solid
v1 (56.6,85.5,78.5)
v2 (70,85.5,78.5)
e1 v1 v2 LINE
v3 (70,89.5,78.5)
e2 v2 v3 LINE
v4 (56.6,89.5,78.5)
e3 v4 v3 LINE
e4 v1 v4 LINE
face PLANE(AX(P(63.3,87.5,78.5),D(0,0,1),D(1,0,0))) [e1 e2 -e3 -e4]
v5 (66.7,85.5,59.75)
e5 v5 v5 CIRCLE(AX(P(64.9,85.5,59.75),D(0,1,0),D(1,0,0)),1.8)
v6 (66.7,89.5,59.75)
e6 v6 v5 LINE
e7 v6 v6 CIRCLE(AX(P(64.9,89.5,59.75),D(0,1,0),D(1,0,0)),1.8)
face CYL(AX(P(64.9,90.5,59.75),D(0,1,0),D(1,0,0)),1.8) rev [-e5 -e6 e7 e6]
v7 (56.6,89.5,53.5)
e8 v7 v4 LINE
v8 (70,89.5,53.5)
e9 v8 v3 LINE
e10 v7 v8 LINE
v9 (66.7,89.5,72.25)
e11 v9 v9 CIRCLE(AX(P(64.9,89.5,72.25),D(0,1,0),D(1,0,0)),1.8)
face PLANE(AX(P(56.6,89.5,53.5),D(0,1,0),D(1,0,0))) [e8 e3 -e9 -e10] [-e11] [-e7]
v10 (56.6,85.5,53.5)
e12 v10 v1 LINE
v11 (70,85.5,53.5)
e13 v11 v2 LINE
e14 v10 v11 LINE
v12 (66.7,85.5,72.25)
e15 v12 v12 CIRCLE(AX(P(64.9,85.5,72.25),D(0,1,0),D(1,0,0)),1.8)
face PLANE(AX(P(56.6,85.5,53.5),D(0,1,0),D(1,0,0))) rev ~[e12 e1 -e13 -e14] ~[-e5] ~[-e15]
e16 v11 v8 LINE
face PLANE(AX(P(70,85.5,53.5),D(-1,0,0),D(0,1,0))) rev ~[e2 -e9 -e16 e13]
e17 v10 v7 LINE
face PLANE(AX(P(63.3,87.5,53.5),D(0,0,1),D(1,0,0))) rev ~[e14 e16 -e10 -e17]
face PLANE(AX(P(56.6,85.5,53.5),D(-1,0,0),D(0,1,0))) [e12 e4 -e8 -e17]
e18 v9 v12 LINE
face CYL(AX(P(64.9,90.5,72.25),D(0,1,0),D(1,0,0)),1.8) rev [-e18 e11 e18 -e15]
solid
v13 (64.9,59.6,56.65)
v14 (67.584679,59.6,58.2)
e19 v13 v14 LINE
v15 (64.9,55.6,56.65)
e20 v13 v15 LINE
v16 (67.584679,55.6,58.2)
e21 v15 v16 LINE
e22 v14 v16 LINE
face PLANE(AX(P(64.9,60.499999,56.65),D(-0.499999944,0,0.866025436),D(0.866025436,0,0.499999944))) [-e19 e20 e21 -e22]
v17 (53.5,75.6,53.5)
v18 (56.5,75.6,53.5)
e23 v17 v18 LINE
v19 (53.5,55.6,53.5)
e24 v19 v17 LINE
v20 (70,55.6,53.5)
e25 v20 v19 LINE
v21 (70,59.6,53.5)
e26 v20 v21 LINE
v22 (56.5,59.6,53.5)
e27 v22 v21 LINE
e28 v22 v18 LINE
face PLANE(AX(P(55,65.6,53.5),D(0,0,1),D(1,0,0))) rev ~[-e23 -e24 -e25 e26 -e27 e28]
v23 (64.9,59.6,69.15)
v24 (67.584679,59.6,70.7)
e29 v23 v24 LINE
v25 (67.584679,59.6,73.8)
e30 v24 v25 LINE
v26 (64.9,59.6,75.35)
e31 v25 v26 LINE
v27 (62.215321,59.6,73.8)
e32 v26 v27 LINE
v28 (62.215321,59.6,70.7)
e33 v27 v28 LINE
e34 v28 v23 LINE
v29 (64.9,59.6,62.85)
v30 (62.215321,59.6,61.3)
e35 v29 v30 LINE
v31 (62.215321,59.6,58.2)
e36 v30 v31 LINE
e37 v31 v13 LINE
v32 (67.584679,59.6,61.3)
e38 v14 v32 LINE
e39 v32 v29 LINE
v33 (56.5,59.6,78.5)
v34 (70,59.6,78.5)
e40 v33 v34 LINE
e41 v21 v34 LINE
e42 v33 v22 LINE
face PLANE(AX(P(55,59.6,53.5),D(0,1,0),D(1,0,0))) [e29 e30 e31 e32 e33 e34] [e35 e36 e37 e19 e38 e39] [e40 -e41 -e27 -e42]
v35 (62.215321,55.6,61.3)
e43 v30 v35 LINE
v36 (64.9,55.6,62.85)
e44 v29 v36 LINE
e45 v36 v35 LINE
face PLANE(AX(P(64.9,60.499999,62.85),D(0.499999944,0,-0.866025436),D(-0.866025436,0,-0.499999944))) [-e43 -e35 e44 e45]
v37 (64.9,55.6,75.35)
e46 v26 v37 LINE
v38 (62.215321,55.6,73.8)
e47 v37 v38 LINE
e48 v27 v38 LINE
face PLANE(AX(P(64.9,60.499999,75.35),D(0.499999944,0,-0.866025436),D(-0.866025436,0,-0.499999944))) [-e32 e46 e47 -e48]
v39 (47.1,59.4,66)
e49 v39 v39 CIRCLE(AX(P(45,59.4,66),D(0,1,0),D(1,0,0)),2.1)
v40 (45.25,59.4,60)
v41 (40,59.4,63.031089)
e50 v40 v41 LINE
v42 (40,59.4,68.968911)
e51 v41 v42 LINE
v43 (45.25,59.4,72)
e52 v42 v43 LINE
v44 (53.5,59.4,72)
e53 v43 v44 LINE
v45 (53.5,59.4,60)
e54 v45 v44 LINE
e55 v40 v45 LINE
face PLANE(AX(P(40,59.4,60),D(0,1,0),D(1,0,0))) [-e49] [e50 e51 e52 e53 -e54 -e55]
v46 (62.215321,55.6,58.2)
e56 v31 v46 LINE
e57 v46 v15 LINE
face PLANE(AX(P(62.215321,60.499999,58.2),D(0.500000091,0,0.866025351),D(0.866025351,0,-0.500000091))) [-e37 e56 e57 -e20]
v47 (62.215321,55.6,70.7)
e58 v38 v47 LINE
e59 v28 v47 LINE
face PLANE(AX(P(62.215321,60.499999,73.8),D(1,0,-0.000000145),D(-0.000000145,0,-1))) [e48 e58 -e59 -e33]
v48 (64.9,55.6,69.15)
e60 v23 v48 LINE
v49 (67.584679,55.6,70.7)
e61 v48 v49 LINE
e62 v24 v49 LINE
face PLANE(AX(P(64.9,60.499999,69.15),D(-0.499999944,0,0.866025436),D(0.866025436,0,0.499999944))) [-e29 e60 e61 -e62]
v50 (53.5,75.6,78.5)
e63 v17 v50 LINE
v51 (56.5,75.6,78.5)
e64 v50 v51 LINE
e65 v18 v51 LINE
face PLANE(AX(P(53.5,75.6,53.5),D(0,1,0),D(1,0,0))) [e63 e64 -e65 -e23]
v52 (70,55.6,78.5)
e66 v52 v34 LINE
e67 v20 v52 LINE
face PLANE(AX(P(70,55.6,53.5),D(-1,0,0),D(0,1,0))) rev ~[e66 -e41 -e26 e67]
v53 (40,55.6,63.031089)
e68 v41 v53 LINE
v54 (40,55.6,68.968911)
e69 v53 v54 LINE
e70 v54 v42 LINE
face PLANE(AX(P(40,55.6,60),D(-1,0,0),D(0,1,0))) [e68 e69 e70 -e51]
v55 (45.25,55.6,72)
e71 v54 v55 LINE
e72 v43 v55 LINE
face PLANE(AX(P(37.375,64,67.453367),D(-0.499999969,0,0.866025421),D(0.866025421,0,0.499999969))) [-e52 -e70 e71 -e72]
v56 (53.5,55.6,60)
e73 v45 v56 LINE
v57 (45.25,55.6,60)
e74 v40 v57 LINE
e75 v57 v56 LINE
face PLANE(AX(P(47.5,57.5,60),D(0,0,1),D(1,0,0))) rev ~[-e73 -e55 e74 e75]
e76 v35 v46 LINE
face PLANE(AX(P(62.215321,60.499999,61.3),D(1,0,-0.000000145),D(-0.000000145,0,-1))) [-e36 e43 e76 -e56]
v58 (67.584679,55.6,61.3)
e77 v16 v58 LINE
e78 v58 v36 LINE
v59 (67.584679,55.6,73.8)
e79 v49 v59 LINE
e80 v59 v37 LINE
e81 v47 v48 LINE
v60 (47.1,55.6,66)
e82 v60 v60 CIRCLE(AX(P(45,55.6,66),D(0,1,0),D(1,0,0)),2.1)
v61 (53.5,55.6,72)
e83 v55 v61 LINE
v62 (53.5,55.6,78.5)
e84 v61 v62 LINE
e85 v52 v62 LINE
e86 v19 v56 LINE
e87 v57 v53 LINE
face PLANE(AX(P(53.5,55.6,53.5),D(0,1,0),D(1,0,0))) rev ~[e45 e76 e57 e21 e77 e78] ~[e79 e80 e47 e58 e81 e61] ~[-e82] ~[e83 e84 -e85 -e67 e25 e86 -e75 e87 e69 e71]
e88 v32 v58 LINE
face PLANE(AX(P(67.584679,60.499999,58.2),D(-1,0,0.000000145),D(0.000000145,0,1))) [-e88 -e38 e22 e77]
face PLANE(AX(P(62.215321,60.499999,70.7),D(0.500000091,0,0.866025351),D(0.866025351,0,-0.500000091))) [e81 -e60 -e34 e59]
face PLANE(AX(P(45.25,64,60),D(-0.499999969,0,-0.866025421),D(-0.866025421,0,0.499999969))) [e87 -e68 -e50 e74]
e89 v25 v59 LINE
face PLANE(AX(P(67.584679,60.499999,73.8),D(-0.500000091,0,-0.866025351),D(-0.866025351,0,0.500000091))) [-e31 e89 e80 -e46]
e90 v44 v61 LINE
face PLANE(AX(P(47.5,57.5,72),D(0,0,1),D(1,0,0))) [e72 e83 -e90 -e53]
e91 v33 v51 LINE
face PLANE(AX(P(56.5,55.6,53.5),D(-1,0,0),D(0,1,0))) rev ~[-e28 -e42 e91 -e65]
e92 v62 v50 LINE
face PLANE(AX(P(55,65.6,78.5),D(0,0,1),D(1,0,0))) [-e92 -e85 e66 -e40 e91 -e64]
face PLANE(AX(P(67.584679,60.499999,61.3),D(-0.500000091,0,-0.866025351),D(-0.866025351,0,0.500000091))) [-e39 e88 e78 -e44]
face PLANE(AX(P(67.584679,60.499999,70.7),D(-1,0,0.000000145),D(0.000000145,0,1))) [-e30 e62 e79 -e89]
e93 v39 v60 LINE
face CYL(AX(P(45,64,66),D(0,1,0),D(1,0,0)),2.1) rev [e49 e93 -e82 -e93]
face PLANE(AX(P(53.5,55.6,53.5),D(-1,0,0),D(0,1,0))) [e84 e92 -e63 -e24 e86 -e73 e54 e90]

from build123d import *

# Parameters (mm, degrees)
PRISM018_DEPTH       = 13
PRISM019_DEPTH       = 13
PRISM020_DEPTH       = 6
PRISM020_ROLL_ANGLE  = 90
PRISM020_PITCH_ANGLE = 30.000006
CYLINDER016_R        = 1.8
CYLINDER016_DEPTH    = 6
PRISM021_DEPTH       = 6
PRISM021_ROLL_ANGLE  = 90
PRISM021_PITCH_ANGLE = 30.000006
CYLINDER017_R        = 1.8
CYLINDER017_DEPTH    = 6
CYLINDER015_R        = 2.1
CYLINDER015_DEPTH    = 13
CUBE025_W            = 3
CUBE025_H            = 20
CUBE025_DEPTH        = 25
CUBE026_W            = 15
CUBE026_H            = 4
CUBE026_DEPTH        = 25
CUBE027_W            = 13.4
CUBE027_H            = 4
CUBE027_DEPTH        = 25
CUBE024_W            = 15
CUBE024_H            = 3.8
CUBE024_DEPTH        = 12


with BuildPart() as prism018:
    # prism018 → prism018 (new body)
    with BuildSketch(Plane(origin=(40, 64, 72), x_dir=(1, 0, 0), z_dir=(0, -1, 0))):
        Polygon((5.25, 0), (-2.625, 4.546633), (-2.625, -4.546633), align=None)
    extrude(amount=PRISM018_DEPTH)


with BuildPart() as prism019:
    # prism019 → prism019 (new body)
    with BuildSketch(Plane(origin=(40, 64, 60), x_dir=(1, 0, 0), z_dir=(0, -1, 0))):
        Polygon((5.25, 0), (-2.625, 4.546633), (-2.625, -4.546633), align=None)
    extrude(amount=PRISM019_DEPTH)


with BuildPart() as prism020:
    # prism020 → prism020 (new body)
    with BuildSketch(Plane.XY):
        Polygon((3.1, 0), (1.55, 2.684679), (-1.55, 2.684679), (-3.1, 0), (-1.55, -2.684679), (1.55, -2.684679), align=None)
    extrude(amount=PRISM020_DEPTH)


with BuildPart() as prism020_1:
    # prism020 roll: moved
    add(prism020.part.rotate(Axis((0, 0, 0), (1, 0, 0)), PRISM020_ROLL_ANGLE))


with BuildPart() as prism020_2:
    # prism020 pitch: moved
    add(prism020_1.part.rotate(Axis((0, 0, 0), (0, 1, 0)), PRISM020_PITCH_ANGLE))


with BuildPart() as prism020_3:
    # prism020 placement: moved
    add(prism020_2.part.moved(Location((64.9, 60.499999, 72.25))))


with BuildPart() as cylinder016:
    # cylinder016 → cylinder016 (new body)
    with BuildSketch(Plane(origin=(64.9, 90.5, 72.25), x_dir=(1, 0, 0), z_dir=(0, -1, 0))):
        Circle(CYLINDER016_R)
    extrude(amount=CYLINDER016_DEPTH)


with BuildPart() as prism021:
    # prism021 → prism021 (new body)
    with BuildSketch(Plane.XY):
        Polygon((3.1, 0), (1.55, 2.684679), (-1.55, 2.684679), (-3.1, 0), (-1.55, -2.684679), (1.55, -2.684679), align=None)
    extrude(amount=PRISM021_DEPTH)


with BuildPart() as prism021_1:
    # prism021 roll: moved
    add(prism021.part.rotate(Axis((0, 0, 0), (1, 0, 0)), PRISM021_ROLL_ANGLE))


with BuildPart() as prism021_2:
    # prism021 pitch: moved
    add(prism021_1.part.rotate(Axis((0, 0, 0), (0, 1, 0)), PRISM021_PITCH_ANGLE))


with BuildPart() as prism021_3:
    # prism021 placement: moved
    add(prism021_2.part.moved(Location((64.9, 60.499999, 59.75))))


with BuildPart() as cylinder017:
    # cylinder017 → cylinder017 (new body)
    with BuildSketch(Plane(origin=(64.9, 90.5, 59.75), x_dir=(1, 0, 0), z_dir=(0, -1, 0))):
        Circle(CYLINDER017_R)
    extrude(amount=CYLINDER017_DEPTH)


with BuildPart() as group011:
    # cylinder015 → cylinder015 (new body)
    with BuildSketch(Plane(origin=(45, 64, 66), x_dir=(1, 0, 0), z_dir=(0, -1, 0))):
        Circle(CYLINDER015_R)
    extrude(amount=CYLINDER015_DEPTH)

    # Group011: union prism018, prism019, prism020, cylinder016, prism021, cylinder017
    add(prism018.part)
    add(prism019.part)
    add(prism020_3.part)
    add(cylinder016.part)
    add(prism021_3.part)
    add(cylinder017.part)


with BuildPart() as cube025:
    # cube025 → cube025 (new body)
    with BuildSketch(Plane(origin=(53.5, 55.6, 53.5), x_dir=(1, 0, 0), z_dir=(0, 0, 1))):
        with Locations((1.5, 10)):
            Rectangle(CUBE025_W, CUBE025_H)
    extrude(amount=CUBE025_DEPTH)


with BuildPart() as cube026:
    # cube026 → cube026 (new body)
    with BuildSketch(Plane(origin=(55, 55.6, 53.5), x_dir=(1, 0, 0), z_dir=(0, 0, 1))):
        with Locations((7.5, 2)):
            Rectangle(CUBE026_W, CUBE026_H)
    extrude(amount=CUBE026_DEPTH)


with BuildPart() as cube027:
    # cube027 → cube027 (new body)
    with BuildSketch(Plane(origin=(56.6, 85.5, 53.5), x_dir=(1, 0, 0), z_dir=(0, 0, 1))):
        with Locations((6.7, 2)):
            Rectangle(CUBE027_W, CUBE027_H)
    extrude(amount=CUBE027_DEPTH)


with BuildPart() as manipulator001:
    # cube024 → cube024 (new body)
    with BuildSketch(Plane(origin=(40, 55.6, 60), x_dir=(1, 0, 0), z_dir=(0, 0, 1))):
        with Locations((7.5, 1.9)):
            Rectangle(CUBE024_W, CUBE024_H)
    extrude(amount=CUBE024_DEPTH)

    # Group010: union cube025, cube026, cube027
    add(cube025.part)
    add(cube026.part)
    add(cube027.part)

    # difference006: cut Group011
    add(group011.part, mode=Mode.SUBTRACT)


solid = manipulator001.part
